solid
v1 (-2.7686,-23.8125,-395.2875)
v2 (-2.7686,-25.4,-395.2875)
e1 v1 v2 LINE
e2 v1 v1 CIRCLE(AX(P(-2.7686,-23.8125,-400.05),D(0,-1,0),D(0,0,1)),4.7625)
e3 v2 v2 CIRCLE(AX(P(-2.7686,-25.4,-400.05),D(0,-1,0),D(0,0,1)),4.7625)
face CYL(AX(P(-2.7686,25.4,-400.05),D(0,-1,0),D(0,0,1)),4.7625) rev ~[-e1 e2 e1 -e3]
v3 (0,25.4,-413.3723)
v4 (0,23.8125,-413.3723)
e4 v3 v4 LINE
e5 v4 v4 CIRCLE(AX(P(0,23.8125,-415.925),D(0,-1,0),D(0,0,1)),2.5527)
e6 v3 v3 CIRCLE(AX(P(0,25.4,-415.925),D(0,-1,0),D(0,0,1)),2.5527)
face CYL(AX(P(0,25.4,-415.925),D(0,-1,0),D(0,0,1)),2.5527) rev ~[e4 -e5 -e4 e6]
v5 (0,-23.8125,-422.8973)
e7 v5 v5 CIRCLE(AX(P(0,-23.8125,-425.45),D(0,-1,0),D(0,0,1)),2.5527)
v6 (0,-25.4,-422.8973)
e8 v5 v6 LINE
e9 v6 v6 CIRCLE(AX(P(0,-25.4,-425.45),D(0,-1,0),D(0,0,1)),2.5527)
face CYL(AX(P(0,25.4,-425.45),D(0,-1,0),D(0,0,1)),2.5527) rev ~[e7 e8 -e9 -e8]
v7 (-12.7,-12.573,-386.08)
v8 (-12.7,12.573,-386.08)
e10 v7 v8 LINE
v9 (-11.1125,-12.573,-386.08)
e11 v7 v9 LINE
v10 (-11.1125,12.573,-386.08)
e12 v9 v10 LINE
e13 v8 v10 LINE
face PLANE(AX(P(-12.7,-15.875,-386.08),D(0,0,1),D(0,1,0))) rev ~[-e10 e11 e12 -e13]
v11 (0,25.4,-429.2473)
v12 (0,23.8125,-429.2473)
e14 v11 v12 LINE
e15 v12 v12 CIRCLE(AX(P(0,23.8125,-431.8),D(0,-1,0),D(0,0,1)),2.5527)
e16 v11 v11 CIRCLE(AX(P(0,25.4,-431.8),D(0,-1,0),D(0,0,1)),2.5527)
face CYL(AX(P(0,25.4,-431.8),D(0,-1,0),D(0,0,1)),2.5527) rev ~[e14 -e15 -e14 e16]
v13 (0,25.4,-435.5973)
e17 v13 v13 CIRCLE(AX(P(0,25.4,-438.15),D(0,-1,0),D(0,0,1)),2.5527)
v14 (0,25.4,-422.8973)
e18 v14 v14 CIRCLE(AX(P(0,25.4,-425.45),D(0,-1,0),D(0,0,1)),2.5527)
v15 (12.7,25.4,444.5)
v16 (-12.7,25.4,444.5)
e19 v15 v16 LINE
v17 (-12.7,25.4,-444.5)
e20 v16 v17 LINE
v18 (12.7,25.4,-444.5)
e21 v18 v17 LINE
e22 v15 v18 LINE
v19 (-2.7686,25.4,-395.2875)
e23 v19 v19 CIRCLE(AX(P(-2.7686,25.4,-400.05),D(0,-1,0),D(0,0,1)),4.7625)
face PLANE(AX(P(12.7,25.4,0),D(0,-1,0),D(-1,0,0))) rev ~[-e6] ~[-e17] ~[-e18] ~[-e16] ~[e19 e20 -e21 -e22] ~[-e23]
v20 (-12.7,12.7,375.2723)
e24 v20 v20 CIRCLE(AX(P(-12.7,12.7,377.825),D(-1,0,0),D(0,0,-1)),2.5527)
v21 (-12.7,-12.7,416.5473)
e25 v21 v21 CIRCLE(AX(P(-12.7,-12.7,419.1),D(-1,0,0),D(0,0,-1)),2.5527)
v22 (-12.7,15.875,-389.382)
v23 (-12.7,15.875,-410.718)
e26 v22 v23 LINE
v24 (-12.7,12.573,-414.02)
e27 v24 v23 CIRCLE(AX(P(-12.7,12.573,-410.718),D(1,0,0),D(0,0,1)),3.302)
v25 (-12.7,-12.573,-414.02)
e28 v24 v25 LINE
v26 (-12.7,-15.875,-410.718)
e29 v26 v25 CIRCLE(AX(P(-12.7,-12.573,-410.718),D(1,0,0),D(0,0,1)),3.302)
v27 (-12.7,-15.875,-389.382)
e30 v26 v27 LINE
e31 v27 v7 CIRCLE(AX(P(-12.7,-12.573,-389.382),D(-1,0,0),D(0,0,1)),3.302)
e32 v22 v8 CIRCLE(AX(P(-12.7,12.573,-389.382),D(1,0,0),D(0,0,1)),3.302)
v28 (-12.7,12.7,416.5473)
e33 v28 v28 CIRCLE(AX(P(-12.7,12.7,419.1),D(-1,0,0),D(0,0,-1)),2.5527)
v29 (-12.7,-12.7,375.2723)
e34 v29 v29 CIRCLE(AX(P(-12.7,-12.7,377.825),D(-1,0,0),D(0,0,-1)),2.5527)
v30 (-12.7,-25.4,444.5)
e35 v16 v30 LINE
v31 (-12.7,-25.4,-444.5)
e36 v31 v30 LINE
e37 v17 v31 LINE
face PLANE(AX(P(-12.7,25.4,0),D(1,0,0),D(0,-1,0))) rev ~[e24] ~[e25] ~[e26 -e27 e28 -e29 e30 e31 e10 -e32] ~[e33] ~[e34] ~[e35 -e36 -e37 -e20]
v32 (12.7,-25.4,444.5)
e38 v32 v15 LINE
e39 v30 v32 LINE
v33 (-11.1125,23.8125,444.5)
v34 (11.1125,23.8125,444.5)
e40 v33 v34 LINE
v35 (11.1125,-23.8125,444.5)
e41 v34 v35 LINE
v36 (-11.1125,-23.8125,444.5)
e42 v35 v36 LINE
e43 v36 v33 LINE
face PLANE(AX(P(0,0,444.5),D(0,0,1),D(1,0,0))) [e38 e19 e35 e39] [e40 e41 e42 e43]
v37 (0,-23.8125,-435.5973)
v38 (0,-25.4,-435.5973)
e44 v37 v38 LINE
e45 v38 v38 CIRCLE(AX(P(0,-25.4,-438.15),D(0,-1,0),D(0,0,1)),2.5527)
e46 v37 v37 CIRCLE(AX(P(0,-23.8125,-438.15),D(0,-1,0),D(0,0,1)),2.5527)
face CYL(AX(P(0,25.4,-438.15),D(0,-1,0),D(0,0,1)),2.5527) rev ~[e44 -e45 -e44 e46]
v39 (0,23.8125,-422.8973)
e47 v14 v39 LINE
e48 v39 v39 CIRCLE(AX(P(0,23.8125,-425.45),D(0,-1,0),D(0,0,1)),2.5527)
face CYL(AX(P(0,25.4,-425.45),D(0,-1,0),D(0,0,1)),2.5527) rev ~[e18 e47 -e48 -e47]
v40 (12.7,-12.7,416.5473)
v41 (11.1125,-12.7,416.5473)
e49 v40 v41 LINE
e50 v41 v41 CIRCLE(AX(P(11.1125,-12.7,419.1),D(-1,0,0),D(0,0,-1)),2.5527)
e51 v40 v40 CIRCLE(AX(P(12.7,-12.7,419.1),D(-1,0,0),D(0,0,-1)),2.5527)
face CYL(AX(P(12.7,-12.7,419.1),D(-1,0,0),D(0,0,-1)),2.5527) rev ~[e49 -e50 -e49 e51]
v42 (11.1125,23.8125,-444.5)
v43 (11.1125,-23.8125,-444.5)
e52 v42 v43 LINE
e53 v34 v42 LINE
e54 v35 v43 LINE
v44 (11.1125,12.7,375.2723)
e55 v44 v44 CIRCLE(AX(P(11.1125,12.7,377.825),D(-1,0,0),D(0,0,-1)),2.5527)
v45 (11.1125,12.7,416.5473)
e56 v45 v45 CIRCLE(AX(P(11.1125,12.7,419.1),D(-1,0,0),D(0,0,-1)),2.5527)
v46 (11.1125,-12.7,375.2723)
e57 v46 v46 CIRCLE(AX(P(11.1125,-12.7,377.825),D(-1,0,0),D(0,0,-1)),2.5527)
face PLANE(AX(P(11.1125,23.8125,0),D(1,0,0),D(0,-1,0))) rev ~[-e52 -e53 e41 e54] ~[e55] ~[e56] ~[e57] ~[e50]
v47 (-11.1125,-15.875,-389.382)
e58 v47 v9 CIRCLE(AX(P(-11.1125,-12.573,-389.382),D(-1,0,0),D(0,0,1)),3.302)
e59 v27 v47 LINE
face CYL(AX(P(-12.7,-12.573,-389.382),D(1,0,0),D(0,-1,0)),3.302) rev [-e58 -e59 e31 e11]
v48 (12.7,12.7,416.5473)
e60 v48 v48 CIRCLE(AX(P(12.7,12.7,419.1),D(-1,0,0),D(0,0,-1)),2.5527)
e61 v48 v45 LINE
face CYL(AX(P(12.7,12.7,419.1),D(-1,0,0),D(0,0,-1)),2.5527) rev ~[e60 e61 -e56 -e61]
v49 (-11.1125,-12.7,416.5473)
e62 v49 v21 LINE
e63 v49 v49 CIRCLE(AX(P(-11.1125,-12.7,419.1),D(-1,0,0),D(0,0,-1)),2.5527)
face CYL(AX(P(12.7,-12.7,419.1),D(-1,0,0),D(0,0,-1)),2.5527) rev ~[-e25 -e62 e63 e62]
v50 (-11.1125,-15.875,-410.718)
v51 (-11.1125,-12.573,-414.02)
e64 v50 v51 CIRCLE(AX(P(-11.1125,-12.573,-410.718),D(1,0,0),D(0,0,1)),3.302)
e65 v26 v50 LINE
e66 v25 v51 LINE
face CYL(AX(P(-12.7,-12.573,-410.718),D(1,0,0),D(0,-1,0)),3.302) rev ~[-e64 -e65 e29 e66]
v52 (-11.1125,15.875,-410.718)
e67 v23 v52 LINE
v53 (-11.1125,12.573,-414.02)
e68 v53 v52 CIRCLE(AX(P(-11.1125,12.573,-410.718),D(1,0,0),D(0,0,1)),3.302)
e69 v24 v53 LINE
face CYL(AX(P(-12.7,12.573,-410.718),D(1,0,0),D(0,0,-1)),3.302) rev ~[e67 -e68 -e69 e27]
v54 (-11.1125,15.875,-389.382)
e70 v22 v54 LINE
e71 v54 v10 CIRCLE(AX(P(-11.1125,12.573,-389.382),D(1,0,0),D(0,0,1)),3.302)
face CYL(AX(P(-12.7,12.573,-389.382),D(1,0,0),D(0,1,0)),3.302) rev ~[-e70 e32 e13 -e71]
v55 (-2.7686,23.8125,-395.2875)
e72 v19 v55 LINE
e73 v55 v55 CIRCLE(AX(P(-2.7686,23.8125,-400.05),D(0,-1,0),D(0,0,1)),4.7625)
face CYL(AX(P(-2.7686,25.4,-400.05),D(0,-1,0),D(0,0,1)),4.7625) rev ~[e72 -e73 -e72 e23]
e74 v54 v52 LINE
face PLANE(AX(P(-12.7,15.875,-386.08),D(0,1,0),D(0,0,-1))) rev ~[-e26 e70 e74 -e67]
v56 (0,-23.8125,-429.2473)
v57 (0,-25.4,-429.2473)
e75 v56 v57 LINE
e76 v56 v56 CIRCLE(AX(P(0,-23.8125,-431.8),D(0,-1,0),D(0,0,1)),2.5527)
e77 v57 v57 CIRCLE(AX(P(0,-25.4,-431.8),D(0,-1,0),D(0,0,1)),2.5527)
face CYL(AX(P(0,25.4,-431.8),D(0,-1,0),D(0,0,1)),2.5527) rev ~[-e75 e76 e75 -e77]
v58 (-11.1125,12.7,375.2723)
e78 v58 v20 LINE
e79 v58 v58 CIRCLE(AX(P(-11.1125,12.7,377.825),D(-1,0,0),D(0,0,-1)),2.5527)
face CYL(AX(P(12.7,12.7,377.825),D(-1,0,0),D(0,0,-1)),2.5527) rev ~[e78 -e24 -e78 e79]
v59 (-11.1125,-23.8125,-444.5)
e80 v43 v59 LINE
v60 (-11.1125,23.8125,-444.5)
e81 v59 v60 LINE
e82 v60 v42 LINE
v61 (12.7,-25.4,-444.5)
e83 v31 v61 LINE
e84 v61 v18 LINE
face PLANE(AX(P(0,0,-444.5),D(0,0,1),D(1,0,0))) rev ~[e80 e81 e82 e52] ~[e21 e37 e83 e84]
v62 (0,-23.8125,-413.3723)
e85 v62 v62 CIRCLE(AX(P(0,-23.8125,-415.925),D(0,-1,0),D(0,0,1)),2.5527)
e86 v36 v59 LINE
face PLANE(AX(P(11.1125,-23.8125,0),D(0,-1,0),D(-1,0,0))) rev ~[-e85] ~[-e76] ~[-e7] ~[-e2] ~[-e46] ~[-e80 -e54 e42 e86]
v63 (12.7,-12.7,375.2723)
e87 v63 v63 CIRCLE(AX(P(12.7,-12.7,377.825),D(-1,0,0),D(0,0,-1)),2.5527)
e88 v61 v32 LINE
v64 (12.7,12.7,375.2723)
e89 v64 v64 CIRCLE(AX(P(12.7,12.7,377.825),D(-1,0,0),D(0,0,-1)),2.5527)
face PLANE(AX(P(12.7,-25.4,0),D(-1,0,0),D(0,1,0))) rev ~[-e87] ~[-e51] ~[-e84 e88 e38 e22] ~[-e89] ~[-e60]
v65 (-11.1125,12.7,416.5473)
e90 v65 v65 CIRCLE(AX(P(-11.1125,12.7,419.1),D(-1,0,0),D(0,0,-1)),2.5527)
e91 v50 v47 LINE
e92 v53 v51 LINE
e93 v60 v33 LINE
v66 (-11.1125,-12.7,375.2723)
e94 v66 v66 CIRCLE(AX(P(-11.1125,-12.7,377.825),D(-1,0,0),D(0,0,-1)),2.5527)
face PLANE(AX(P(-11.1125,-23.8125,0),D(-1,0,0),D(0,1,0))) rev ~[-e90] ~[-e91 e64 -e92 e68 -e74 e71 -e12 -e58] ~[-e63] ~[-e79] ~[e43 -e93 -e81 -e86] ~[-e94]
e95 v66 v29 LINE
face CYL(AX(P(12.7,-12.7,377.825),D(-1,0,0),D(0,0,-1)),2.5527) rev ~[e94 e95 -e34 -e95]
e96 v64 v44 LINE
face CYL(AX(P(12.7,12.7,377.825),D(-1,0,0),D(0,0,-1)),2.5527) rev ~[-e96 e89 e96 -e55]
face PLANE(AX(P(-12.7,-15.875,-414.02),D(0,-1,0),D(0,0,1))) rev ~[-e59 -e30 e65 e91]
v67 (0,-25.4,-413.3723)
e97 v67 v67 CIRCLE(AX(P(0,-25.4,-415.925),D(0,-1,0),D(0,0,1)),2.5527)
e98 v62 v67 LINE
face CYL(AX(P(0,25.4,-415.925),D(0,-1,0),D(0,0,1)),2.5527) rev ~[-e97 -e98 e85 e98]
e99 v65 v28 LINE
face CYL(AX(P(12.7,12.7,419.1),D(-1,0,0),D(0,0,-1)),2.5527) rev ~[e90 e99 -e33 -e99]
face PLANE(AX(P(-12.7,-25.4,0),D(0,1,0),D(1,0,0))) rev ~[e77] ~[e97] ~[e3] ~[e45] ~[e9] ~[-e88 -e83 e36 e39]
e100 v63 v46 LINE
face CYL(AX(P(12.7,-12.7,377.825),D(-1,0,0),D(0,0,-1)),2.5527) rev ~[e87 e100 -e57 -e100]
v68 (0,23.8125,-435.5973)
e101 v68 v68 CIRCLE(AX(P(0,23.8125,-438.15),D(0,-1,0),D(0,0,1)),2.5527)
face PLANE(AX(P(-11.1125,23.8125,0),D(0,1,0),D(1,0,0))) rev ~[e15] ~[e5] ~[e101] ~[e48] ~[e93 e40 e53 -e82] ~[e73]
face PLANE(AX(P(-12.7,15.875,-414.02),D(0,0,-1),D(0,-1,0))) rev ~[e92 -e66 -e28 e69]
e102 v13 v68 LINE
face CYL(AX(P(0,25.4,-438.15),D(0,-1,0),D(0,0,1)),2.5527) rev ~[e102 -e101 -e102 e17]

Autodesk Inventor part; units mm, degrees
ref_plane "YZ Plane" through (0, 0, 0) normal (1, 0, 0) x (0, 1, 0)
ref_plane "XZ Plane" through (0, 0, 0) normal (0, 1, 0) x (-1, 0, 0)
ref_plane "XY Plane" through (0, 0, 0) normal (0, 0, 1) x (1, 0, 0)
sketch "Sketch1" plane through (0, 0, 0) normal (0, 0, 1) x (1, 0, 0)
  line L0 (-12.7, -25.4) -> (12.7, -25.4)
  line L1 (12.7, -25.4) -> (12.7, 25.4)
  line L2 (12.7, 25.4) -> (-12.7, 25.4)
  line L3 (-12.7, 25.4) -> (-12.7, -25.4)
  line L4 (-12.7, -25.4) -> (12.7, 25.4) construction
  line L5 (12.7, -25.4) -> (-12.7, 25.4) construction
  line L6 (-11.1125, 23.8125) -> (11.1125, 23.8125)
  line L7 (11.1125, 23.8125) -> (11.1125, -23.8125)
  line L8 (11.1125, -23.8125) -> (-11.1125, -23.8125)
  line L9 (-11.1125, -23.8125) -> (-11.1125, 23.8125)
  point P0 (0, 0)
  dimension "width" = 25.4
  dimension "height" = 50.8
  dimension "thickness" = 1.5875
extrude "Extrusion1" add sketch "Sketch1" along normal mid plane 889
sketch "Sketch2" plane through (-12.7, 25.4, 444.5) normal (0, 1, 0) x (1, 0, 0)
  line L0 (0, 889) -> (0, 0) projected
  line L1 (0, 889) -> (25.4, 889) projected
  point P0 (12.7, 444.5)
  point P1 (12.7, 882.65)
  point P2 (12.7, 876.3)
  point P3 (12.7, 869.95)
  point P4 (12.7, 889)
  point P5 (12.7, 860.425)
  dimension "d5" = 12.7
  dimension "d6" = 6.35
  dimension "d7" = 6.35
  dimension "d8" = 6.35
  dimension "d45" = 9.525
hole "Hole1" at (0, 25.4, -438.15) at (0, 25.4, -431.8) at (0, 25.4, -425.45) at (0, 25.4, -415.925) direction (0, -1, 0) diameter 5.1054 end through all clearance for "Flat Head Machine Screw (82)" size "#10" standard "Ansi Unified Screw Threads"
sketch "Sketch4" plane through (-12.7, 25.4, 444.5) normal (0, 1, 0) x (1, 0, 0)
  circle A0 centre (9.9314, 844.55) radius 10.3124 construction
  line L0 (0, 889) -> (0, 0) construction
  circle A1 centre (12.7, 869.95) radius 2.5527 construction
  point P0 (12.7, 444.5)
  dimension "d27" = 20.6248
  dimension "d28" = 9.9314
  dimension "d29" = 25.4
hole "Hole3" at (-2.7686, 25.4, -400.05) direction (0, -1, 0) diameter 9.525 end through all
sketch "Sketch5" plane through (-12.7, -25.4, 444.5) normal (-1, 0, 0) x (0, 0, 1)
  line L0 (-830.58, 41.275) -> (-858.52, 41.275)
  line L1 (-858.52, 41.275) -> (-858.52, 9.525)
  line L2 (-858.52, 9.525) -> (-830.58, 9.525)
  line L3 (-830.58, 9.525) -> (-830.58, 41.275)
  line L4 (-830.58, 41.275) -> (-858.52, 9.525) construction
  line L5 (-858.52, 41.275) -> (-830.58, 9.525) construction
  line L6 (0, 0) -> (-889, 0) projected
  line L7 (-889, 0) -> (-889, 50.8) projected
  point P0 (-444.5, 25.4)
  point P1 (-844.55, 25.4)
  point P2 (-858.52, 25.4)
  point P3 (-889, 25.4)
  point P4 (-889, 25.4)
  dimension "d37" = 27.94
  dimension "d38" = 31.75
  dimension "d43" = 44.45
extrude "Extrusion2" cut sketch "Sketch5" against normal blind 1.5875
fillet "Fillet1" radius 3.302 4 edges at (-11.9062, -15.875, -414.02) (-11.9062, 15.875, -414.02) (-11.9062, 15.875, -386.08) (-11.9062, -15.875, -386.08)
sketch "Sketch6" plane through (12.7, -25.4, 444.5) normal (1, 0, 0) x (0, 0, -1)
  line L0 (889, 50.8) -> (0, 50.8) construction
  line L1 (0, 0) -> (0, 50.8) construction
  line L2 (889, 0) -> (0, 0) construction
  line L3 (889, 50.8) -> (889, 0) construction
  point P0 (444.5, 25.4)
  point P1 (25.4, 38.1)
  point P2 (25.4, 12.7)
  point P3 (66.675, 38.1)
  point P4 (66.675, 12.7)
  dimension "d46" = 25.4
  dimension "d47" = 12.7
  dimension "d48" = 12.7
  dimension "d49" = 41.275
hole "Hole4" at (12.7, 12.7, 419.1) at (12.7, -12.7, 419.1) at (12.7, 12.7, 377.825) at (12.7, -12.7, 377.825) direction (-1, 0, 0) diameter 5.1054 end through all clearance for "Flat Head Machine Screw (82)" size "#10" standard "Ansi Unified Screw Threads"
equation "\"d7\" = d6"
equation "\"d8\" = d6"
equation "\"d48\" = d47"
properties part number "EL2-001" material "Aluminum 6061"
